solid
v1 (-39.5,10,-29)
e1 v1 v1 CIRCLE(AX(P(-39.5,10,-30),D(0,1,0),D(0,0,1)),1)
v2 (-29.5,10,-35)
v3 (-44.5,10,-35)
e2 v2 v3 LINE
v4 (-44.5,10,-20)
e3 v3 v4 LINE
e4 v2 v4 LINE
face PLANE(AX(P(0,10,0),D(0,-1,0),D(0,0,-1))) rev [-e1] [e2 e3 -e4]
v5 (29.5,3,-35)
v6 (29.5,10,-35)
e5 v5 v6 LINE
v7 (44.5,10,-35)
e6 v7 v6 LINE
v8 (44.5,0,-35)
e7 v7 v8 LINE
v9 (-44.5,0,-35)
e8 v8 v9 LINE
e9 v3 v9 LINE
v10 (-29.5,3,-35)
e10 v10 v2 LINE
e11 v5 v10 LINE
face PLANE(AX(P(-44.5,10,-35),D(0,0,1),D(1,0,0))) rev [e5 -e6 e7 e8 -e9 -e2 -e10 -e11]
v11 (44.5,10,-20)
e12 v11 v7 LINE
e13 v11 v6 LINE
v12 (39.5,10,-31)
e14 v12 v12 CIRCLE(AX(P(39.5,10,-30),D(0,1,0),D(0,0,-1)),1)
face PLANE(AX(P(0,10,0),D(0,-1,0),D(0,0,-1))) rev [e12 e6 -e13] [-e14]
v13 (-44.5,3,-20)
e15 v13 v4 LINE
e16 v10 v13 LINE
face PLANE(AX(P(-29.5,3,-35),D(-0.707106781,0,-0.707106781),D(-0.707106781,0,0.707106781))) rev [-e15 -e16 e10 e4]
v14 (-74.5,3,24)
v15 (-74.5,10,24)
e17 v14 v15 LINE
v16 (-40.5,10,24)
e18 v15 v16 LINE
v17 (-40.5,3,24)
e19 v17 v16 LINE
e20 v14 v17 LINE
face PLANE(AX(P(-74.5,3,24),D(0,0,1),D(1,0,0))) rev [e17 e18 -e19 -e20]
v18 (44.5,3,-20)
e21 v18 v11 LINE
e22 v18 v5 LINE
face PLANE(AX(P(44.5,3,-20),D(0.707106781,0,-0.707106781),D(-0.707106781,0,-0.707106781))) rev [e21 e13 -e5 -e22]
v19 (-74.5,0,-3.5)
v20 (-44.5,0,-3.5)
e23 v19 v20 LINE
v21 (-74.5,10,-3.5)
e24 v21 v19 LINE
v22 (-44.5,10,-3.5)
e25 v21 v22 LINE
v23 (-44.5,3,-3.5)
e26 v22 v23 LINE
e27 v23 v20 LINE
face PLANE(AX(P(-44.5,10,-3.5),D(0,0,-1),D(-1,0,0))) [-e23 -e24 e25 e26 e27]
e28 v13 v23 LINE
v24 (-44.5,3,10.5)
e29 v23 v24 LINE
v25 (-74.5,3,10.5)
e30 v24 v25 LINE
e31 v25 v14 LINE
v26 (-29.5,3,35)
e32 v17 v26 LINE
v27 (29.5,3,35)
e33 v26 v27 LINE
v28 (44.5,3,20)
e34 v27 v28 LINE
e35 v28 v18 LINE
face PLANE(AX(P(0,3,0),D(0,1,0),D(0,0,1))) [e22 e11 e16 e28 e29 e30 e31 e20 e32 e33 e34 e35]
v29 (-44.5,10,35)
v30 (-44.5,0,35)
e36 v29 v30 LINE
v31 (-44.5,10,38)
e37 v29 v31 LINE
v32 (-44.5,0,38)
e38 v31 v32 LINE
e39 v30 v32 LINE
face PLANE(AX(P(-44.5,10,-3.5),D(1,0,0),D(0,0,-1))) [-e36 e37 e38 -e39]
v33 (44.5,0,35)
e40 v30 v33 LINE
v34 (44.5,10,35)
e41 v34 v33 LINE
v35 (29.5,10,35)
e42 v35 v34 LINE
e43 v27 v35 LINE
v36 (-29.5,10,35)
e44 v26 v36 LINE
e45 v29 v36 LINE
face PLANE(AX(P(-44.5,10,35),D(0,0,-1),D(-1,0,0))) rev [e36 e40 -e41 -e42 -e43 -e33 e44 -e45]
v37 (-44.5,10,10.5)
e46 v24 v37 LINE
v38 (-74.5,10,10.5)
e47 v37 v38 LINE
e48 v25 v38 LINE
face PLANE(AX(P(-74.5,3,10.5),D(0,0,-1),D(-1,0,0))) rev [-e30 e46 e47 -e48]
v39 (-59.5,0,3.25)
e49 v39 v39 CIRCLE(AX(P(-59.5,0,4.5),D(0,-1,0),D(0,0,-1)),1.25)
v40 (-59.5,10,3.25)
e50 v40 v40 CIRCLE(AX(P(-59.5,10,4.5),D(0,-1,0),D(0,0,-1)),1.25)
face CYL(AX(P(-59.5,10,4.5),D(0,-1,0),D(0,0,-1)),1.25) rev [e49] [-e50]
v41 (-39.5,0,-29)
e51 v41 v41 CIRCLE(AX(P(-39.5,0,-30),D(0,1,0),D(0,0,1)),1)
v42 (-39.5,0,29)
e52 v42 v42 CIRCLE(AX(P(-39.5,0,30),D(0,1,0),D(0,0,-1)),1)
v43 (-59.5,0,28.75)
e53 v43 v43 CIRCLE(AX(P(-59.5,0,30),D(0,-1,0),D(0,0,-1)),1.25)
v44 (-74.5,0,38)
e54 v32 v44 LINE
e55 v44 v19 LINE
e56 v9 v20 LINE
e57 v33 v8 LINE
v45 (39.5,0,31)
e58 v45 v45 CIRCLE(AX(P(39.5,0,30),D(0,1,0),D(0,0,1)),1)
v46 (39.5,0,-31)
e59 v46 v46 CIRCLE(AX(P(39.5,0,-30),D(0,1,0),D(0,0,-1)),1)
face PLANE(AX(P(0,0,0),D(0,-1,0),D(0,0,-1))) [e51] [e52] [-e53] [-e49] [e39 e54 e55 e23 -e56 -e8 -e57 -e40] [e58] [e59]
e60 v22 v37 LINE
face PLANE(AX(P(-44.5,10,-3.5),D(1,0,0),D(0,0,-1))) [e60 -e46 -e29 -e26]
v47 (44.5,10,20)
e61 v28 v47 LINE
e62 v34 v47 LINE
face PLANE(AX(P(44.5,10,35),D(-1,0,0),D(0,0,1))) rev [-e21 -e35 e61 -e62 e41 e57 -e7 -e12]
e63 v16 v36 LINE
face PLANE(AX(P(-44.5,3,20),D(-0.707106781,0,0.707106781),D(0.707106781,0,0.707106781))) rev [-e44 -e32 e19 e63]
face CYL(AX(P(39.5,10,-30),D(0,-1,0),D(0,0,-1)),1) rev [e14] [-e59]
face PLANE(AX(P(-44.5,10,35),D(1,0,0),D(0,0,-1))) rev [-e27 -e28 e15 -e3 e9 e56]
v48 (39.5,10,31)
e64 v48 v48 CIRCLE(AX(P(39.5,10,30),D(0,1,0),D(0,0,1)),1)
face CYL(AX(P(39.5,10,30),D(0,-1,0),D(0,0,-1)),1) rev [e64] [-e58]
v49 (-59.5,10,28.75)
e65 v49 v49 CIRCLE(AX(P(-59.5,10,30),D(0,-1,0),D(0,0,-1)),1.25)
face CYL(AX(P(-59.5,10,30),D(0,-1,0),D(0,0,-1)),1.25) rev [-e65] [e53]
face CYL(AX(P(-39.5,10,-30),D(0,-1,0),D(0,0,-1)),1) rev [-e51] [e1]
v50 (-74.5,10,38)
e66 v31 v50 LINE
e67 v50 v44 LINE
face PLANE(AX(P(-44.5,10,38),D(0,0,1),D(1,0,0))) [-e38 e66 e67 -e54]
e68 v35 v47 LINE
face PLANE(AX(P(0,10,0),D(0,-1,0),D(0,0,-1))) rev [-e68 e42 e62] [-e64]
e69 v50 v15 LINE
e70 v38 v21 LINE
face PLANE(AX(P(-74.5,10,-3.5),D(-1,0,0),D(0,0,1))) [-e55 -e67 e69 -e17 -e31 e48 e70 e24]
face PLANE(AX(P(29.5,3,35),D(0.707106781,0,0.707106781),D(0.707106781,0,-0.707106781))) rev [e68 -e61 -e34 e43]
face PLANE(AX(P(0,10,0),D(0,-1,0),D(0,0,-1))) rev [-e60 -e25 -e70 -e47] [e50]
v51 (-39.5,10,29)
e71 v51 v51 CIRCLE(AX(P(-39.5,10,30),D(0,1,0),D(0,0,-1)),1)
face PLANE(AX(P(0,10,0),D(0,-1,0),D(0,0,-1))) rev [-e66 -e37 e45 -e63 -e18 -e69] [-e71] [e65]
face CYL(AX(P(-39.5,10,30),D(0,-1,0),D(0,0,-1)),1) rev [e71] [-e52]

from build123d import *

# Parameters (mm, degrees)
SKETCH1_W           = 89
SKETCH1_H           = 70
SKETCH1_R           = 1
BOSS_EXTRUDE1_DEPTH = 10
CUT_EXTRUDE2_DEPTH  = 7
SKETCH6_W           = 30
SKETCH6_H           = 41.5
SKETCH6_R           = 1.25
BOSS_EXTRUDE2_DEPTH = 10
SKETCH7_W           = 34
SKETCH7_H           = 13.5
CUT_EXTRUDE3_DEPTH  = 7


with BuildPart() as part:
    # Sketch1 → Boss-Extrude1 (new body)
    with BuildSketch(Plane(origin=(0, 0, 0), x_dir=(1, 0, 0), z_dir=(0, 1, 0))):
        Rectangle(SKETCH1_W, SKETCH1_H)
        with Locations(Location((-39.5, 30, 0), (0, 0, 270))):
            Circle(SKETCH1_R, mode=Mode.SUBTRACT)
        with Locations(Location((39.5, 30, 0), (0, 0, 90))):
            Circle(SKETCH1_R, mode=Mode.SUBTRACT)
        with Locations(Location((39.5, -30, 0), (0, 0, 270))):
            Circle(SKETCH1_R, mode=Mode.SUBTRACT)
        with Locations(Location((-39.5, -30, 0), (0, 0, 90))):
            Circle(SKETCH1_R, mode=Mode.SUBTRACT)
    extrude(amount=BOSS_EXTRUDE1_DEPTH)

    # Sketch3 → Cut-Extrude2 (cut)
    with BuildSketch(Plane(origin=(0, 10, 0), x_dir=(1, 0, 0), z_dir=(0, 1, 0))):
        Polygon((-44.5, -20), (-29.5, -35), (29.5, -35), (44.5, -20), (44.5, 20), (29.5, 35), (-29.5, 35), (-44.5, 20), align=None)
    extrude(amount=-CUT_EXTRUDE2_DEPTH, mode=Mode.SUBTRACT)

    # Sketch6 → Boss-Extrude2 (add)
    with BuildSketch(Plane.XZ):
        with Locations((-59.5, 17.25)):
            Rectangle(SKETCH6_W, SKETCH6_H)
        with Locations(Location((-59.5, 30, 0), (0, 0, 270))):
            Circle(SKETCH6_R, mode=Mode.SUBTRACT)
        with Locations(Location((-59.5, 4.5, 0), (0, 0, 270))):
            Circle(SKETCH6_R, mode=Mode.SUBTRACT)
    extrude(amount=-BOSS_EXTRUDE2_DEPTH)

    # Sketch7 → Cut-Extrude3 (cut)
    with BuildSketch(Plane(origin=(0, 10, 0), x_dir=(1, 0, 0), z_dir=(0, 1, 0))):
        with Locations((-57.5, -17.25)):
            Rectangle(SKETCH7_W, SKETCH7_H)
    extrude(amount=-CUT_EXTRUDE3_DEPTH, mode=Mode.SUBTRACT)


solid = part.part
